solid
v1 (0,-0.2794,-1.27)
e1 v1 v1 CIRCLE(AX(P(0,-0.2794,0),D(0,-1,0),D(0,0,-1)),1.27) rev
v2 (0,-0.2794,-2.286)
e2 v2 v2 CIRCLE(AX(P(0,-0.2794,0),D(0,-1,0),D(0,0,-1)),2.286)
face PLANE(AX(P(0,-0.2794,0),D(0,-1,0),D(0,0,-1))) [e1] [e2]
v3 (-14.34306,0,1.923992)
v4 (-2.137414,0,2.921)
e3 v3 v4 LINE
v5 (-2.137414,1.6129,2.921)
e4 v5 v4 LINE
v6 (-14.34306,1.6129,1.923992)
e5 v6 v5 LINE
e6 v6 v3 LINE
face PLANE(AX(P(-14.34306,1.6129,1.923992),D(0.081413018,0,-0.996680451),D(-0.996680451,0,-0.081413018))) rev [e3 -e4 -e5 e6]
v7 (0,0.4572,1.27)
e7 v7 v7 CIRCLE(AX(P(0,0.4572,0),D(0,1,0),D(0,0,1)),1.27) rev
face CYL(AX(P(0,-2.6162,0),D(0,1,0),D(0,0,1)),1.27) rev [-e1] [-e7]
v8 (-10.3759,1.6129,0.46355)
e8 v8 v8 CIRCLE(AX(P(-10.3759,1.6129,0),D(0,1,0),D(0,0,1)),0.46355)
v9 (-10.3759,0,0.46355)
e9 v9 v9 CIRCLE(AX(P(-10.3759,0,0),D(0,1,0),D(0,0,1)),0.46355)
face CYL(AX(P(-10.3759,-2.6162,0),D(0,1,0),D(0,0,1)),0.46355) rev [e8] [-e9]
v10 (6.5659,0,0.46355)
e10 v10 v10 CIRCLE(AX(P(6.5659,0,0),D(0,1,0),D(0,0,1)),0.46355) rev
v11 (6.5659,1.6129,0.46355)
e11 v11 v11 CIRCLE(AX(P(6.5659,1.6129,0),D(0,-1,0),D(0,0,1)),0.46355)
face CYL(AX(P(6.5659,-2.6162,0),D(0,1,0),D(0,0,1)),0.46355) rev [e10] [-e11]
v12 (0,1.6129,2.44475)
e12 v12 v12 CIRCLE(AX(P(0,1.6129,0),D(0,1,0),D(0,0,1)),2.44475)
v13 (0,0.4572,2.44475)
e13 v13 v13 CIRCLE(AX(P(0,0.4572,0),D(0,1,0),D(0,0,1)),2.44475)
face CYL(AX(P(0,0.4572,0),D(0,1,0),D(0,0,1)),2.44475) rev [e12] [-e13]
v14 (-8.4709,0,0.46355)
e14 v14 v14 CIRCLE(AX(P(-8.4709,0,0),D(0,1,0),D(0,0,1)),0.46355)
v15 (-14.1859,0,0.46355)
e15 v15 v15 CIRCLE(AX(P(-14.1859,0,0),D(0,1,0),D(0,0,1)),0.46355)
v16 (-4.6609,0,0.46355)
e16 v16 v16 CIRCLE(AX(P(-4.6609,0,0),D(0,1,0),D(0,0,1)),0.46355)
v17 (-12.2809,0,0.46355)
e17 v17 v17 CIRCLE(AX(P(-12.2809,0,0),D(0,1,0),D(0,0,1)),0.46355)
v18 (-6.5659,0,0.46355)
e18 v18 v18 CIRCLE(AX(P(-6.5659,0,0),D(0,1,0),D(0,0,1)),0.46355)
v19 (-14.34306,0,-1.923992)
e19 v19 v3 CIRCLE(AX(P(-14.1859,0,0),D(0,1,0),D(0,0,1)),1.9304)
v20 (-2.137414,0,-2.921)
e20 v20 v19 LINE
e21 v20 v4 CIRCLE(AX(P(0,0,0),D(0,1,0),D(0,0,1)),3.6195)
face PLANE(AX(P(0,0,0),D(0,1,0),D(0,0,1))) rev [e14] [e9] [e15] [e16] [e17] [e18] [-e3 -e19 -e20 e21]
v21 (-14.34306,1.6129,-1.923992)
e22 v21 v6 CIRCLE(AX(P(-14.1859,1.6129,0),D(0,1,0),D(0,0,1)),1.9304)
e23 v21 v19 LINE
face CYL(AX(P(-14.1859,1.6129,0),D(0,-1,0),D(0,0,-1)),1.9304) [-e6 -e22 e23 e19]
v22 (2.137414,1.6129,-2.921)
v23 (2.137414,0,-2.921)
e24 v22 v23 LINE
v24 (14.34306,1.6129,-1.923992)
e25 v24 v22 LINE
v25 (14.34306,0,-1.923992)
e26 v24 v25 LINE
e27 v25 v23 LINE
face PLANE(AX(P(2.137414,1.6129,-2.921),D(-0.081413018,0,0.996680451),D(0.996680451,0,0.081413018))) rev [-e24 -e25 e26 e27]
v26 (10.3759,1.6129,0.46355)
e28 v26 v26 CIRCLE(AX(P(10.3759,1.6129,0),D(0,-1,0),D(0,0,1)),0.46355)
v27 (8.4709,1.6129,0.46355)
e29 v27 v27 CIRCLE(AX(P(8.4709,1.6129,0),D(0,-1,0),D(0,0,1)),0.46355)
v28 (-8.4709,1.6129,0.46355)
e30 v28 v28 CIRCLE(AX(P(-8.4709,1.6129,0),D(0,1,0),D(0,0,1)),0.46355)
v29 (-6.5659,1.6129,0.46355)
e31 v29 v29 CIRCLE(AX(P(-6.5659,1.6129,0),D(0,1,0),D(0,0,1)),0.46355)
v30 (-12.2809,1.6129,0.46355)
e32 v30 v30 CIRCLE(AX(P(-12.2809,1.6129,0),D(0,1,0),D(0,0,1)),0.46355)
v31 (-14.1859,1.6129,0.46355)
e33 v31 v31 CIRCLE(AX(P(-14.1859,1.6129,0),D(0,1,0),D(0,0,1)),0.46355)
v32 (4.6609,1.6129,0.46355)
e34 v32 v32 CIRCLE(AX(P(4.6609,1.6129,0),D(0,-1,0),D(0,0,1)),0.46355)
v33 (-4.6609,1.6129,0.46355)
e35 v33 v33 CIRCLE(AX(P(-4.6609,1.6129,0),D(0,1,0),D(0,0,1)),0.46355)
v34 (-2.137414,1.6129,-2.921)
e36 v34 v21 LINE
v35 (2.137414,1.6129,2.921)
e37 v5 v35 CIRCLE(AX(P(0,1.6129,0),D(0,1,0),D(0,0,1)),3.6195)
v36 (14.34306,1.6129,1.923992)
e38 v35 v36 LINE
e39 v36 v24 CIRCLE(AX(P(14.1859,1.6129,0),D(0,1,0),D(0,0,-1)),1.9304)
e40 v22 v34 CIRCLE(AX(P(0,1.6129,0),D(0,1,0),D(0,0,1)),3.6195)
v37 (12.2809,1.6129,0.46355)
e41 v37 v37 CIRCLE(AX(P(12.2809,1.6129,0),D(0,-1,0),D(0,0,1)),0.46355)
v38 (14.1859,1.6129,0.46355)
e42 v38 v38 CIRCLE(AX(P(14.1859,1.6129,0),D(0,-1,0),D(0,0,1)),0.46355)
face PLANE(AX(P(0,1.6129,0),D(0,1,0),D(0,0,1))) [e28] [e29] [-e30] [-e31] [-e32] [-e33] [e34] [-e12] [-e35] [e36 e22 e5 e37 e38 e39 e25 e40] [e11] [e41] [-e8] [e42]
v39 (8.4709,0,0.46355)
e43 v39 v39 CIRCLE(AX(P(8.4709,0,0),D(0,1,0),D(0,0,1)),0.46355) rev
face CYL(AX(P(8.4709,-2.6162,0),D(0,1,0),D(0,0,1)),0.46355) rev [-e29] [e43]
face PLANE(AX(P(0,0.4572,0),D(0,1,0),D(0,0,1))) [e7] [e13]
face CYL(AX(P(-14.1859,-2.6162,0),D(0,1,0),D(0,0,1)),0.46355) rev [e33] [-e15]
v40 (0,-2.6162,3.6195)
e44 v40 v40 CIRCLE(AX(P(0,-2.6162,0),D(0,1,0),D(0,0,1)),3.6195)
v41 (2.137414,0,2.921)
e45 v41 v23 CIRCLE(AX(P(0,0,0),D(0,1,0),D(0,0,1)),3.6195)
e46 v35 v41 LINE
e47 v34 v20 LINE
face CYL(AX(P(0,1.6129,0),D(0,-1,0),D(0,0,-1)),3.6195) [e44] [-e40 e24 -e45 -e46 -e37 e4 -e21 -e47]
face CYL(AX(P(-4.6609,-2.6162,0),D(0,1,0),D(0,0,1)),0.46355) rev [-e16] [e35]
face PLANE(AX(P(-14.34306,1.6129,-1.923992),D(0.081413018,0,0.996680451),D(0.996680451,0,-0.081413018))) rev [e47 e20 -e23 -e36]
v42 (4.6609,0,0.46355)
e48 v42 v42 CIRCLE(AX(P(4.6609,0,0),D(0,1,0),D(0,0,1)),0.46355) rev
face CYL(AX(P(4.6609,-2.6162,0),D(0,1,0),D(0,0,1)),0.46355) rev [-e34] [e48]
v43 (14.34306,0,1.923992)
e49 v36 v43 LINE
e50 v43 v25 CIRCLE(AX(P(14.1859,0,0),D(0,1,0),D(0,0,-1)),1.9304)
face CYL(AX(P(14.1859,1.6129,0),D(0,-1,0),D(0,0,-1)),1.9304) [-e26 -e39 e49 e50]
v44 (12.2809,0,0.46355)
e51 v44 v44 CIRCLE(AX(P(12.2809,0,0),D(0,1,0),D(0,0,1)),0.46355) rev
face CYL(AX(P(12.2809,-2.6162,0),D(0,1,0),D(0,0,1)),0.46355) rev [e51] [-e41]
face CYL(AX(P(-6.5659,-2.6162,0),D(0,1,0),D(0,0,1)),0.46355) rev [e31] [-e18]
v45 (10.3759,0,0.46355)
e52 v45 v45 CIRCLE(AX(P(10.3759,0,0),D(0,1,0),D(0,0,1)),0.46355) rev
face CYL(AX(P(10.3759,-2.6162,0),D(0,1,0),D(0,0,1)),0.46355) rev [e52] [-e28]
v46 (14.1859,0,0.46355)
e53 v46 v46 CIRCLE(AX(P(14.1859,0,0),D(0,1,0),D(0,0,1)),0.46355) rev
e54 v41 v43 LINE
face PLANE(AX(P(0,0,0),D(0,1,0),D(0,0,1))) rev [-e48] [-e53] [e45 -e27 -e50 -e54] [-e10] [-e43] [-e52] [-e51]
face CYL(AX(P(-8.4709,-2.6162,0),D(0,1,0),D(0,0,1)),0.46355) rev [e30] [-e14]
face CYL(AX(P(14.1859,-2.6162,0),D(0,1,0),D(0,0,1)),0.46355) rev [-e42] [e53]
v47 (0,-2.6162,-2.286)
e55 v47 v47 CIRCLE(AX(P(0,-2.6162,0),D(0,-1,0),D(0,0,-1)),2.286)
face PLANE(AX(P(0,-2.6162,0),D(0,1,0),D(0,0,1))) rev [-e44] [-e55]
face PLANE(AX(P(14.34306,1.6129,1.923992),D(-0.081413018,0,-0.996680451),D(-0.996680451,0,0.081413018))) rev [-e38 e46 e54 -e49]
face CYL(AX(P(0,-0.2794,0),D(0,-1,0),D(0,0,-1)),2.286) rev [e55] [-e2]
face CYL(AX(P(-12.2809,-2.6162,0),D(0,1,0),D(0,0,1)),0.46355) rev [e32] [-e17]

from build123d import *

# Parameters (mm, degrees)
EXTRUDE17_DEPTH = 1.6129
SKETCH19_R      = 3.6195
EXTRUDE19_DEPTH = 4.2291
SKETCH20_R      = 0.46355
SKETCH20_R_2    = 1.27
EXTRUDE20_DEPTH = 5.2291
SKETCH21_R      = 2.44475
EXTRUDE21_DEPTH = 1.1557
SKETCH22_R      = 2.286
EXTRUDE22_DEPTH = 2.3368


with BuildPart() as part:
    # Sketch18 → Extrude17 (new body)
    with BuildSketch(Plane(origin=(0, 0, 0), x_dir=(1, 0, 0), z_dir=(0, 1, 0))):
        with BuildLine():
            Line((-14.34305969, 1.923991942), (-2.13741415, 2.921))
            ThreePointArc((-2.13741415, 2.921), (0, 3.6195), (2.13741415, 2.921))
            Line((2.13741415, 2.921), (14.34305969, 1.923991942))
            ThreePointArc((14.34305969, 1.923991942), (16.1163, 0), (14.34305969, -1.923991942))
            Line((14.34305969, -1.923991942), (2.13741415, -2.921))
            ThreePointArc((2.13741415, -2.921), (0, -3.6195), (-2.13741415, -2.921))
            Line((-2.13741415, -2.921), (-14.34305969, -1.923991942))
            ThreePointArc((-14.34305969, -1.923991942), (-16.1163, 0), (-14.34305969, 1.923991942))
        make_face()
    extrude(amount=EXTRUDE17_DEPTH)

    # Sketch19 → Extrude19 (add)
    with BuildSketch(Plane(origin=(0, 1.6129, 0), x_dir=(1, 0, 0), z_dir=(0, 1, 0))):
        Circle(SKETCH19_R)
    extrude(amount=-EXTRUDE19_DEPTH)

    # Sketch20 → Extrude20 (cut, through all)
    with BuildSketch(Plane(origin=(0, 1.6129, 0), x_dir=(1, 0, 0), z_dir=(0, 1, 0))):
        with Locations((-14.1859, 0)):
            Circle(SKETCH20_R)
        Circle(SKETCH20_R_2)
        with Locations((-4.6609, 0)):
            Circle(SKETCH20_R)
        with Locations((-6.5659, 0)):
            Circle(SKETCH20_R)
        with Locations((-8.4709, 0)):
            Circle(SKETCH20_R)
        with Locations((-10.3759, 0)):
            Circle(SKETCH20_R)
        with Locations((-12.2809, 0)):
            Circle(SKETCH20_R)
    extrude20 = extrude(amount=-EXTRUDE20_DEPTH, mode=Mode.SUBTRACT)

    # Mirror1: Extrude20 across plane
    add(extrude20.mirror(Plane(origin=(0, 0, 0), x_dir=(0, 0, 1), z_dir=(1, 0, 0))), mode=Mode.SUBTRACT)

    # Sketch21 → Extrude21 (cut)
    with BuildSketch(Plane(origin=(0, 1.6129, 0), x_dir=(1, 0, 0), z_dir=(0, 1, 0))):
        Circle(SKETCH21_R)
    extrude(amount=-EXTRUDE21_DEPTH, mode=Mode.SUBTRACT)

    # Sketch22 → Extrude22 (cut)
    with BuildSketch(Plane.XZ.offset(2.6162)):
        Circle(SKETCH22_R)
    extrude(amount=-EXTRUDE22_DEPTH, mode=Mode.SUBTRACT)


solid = part.part
